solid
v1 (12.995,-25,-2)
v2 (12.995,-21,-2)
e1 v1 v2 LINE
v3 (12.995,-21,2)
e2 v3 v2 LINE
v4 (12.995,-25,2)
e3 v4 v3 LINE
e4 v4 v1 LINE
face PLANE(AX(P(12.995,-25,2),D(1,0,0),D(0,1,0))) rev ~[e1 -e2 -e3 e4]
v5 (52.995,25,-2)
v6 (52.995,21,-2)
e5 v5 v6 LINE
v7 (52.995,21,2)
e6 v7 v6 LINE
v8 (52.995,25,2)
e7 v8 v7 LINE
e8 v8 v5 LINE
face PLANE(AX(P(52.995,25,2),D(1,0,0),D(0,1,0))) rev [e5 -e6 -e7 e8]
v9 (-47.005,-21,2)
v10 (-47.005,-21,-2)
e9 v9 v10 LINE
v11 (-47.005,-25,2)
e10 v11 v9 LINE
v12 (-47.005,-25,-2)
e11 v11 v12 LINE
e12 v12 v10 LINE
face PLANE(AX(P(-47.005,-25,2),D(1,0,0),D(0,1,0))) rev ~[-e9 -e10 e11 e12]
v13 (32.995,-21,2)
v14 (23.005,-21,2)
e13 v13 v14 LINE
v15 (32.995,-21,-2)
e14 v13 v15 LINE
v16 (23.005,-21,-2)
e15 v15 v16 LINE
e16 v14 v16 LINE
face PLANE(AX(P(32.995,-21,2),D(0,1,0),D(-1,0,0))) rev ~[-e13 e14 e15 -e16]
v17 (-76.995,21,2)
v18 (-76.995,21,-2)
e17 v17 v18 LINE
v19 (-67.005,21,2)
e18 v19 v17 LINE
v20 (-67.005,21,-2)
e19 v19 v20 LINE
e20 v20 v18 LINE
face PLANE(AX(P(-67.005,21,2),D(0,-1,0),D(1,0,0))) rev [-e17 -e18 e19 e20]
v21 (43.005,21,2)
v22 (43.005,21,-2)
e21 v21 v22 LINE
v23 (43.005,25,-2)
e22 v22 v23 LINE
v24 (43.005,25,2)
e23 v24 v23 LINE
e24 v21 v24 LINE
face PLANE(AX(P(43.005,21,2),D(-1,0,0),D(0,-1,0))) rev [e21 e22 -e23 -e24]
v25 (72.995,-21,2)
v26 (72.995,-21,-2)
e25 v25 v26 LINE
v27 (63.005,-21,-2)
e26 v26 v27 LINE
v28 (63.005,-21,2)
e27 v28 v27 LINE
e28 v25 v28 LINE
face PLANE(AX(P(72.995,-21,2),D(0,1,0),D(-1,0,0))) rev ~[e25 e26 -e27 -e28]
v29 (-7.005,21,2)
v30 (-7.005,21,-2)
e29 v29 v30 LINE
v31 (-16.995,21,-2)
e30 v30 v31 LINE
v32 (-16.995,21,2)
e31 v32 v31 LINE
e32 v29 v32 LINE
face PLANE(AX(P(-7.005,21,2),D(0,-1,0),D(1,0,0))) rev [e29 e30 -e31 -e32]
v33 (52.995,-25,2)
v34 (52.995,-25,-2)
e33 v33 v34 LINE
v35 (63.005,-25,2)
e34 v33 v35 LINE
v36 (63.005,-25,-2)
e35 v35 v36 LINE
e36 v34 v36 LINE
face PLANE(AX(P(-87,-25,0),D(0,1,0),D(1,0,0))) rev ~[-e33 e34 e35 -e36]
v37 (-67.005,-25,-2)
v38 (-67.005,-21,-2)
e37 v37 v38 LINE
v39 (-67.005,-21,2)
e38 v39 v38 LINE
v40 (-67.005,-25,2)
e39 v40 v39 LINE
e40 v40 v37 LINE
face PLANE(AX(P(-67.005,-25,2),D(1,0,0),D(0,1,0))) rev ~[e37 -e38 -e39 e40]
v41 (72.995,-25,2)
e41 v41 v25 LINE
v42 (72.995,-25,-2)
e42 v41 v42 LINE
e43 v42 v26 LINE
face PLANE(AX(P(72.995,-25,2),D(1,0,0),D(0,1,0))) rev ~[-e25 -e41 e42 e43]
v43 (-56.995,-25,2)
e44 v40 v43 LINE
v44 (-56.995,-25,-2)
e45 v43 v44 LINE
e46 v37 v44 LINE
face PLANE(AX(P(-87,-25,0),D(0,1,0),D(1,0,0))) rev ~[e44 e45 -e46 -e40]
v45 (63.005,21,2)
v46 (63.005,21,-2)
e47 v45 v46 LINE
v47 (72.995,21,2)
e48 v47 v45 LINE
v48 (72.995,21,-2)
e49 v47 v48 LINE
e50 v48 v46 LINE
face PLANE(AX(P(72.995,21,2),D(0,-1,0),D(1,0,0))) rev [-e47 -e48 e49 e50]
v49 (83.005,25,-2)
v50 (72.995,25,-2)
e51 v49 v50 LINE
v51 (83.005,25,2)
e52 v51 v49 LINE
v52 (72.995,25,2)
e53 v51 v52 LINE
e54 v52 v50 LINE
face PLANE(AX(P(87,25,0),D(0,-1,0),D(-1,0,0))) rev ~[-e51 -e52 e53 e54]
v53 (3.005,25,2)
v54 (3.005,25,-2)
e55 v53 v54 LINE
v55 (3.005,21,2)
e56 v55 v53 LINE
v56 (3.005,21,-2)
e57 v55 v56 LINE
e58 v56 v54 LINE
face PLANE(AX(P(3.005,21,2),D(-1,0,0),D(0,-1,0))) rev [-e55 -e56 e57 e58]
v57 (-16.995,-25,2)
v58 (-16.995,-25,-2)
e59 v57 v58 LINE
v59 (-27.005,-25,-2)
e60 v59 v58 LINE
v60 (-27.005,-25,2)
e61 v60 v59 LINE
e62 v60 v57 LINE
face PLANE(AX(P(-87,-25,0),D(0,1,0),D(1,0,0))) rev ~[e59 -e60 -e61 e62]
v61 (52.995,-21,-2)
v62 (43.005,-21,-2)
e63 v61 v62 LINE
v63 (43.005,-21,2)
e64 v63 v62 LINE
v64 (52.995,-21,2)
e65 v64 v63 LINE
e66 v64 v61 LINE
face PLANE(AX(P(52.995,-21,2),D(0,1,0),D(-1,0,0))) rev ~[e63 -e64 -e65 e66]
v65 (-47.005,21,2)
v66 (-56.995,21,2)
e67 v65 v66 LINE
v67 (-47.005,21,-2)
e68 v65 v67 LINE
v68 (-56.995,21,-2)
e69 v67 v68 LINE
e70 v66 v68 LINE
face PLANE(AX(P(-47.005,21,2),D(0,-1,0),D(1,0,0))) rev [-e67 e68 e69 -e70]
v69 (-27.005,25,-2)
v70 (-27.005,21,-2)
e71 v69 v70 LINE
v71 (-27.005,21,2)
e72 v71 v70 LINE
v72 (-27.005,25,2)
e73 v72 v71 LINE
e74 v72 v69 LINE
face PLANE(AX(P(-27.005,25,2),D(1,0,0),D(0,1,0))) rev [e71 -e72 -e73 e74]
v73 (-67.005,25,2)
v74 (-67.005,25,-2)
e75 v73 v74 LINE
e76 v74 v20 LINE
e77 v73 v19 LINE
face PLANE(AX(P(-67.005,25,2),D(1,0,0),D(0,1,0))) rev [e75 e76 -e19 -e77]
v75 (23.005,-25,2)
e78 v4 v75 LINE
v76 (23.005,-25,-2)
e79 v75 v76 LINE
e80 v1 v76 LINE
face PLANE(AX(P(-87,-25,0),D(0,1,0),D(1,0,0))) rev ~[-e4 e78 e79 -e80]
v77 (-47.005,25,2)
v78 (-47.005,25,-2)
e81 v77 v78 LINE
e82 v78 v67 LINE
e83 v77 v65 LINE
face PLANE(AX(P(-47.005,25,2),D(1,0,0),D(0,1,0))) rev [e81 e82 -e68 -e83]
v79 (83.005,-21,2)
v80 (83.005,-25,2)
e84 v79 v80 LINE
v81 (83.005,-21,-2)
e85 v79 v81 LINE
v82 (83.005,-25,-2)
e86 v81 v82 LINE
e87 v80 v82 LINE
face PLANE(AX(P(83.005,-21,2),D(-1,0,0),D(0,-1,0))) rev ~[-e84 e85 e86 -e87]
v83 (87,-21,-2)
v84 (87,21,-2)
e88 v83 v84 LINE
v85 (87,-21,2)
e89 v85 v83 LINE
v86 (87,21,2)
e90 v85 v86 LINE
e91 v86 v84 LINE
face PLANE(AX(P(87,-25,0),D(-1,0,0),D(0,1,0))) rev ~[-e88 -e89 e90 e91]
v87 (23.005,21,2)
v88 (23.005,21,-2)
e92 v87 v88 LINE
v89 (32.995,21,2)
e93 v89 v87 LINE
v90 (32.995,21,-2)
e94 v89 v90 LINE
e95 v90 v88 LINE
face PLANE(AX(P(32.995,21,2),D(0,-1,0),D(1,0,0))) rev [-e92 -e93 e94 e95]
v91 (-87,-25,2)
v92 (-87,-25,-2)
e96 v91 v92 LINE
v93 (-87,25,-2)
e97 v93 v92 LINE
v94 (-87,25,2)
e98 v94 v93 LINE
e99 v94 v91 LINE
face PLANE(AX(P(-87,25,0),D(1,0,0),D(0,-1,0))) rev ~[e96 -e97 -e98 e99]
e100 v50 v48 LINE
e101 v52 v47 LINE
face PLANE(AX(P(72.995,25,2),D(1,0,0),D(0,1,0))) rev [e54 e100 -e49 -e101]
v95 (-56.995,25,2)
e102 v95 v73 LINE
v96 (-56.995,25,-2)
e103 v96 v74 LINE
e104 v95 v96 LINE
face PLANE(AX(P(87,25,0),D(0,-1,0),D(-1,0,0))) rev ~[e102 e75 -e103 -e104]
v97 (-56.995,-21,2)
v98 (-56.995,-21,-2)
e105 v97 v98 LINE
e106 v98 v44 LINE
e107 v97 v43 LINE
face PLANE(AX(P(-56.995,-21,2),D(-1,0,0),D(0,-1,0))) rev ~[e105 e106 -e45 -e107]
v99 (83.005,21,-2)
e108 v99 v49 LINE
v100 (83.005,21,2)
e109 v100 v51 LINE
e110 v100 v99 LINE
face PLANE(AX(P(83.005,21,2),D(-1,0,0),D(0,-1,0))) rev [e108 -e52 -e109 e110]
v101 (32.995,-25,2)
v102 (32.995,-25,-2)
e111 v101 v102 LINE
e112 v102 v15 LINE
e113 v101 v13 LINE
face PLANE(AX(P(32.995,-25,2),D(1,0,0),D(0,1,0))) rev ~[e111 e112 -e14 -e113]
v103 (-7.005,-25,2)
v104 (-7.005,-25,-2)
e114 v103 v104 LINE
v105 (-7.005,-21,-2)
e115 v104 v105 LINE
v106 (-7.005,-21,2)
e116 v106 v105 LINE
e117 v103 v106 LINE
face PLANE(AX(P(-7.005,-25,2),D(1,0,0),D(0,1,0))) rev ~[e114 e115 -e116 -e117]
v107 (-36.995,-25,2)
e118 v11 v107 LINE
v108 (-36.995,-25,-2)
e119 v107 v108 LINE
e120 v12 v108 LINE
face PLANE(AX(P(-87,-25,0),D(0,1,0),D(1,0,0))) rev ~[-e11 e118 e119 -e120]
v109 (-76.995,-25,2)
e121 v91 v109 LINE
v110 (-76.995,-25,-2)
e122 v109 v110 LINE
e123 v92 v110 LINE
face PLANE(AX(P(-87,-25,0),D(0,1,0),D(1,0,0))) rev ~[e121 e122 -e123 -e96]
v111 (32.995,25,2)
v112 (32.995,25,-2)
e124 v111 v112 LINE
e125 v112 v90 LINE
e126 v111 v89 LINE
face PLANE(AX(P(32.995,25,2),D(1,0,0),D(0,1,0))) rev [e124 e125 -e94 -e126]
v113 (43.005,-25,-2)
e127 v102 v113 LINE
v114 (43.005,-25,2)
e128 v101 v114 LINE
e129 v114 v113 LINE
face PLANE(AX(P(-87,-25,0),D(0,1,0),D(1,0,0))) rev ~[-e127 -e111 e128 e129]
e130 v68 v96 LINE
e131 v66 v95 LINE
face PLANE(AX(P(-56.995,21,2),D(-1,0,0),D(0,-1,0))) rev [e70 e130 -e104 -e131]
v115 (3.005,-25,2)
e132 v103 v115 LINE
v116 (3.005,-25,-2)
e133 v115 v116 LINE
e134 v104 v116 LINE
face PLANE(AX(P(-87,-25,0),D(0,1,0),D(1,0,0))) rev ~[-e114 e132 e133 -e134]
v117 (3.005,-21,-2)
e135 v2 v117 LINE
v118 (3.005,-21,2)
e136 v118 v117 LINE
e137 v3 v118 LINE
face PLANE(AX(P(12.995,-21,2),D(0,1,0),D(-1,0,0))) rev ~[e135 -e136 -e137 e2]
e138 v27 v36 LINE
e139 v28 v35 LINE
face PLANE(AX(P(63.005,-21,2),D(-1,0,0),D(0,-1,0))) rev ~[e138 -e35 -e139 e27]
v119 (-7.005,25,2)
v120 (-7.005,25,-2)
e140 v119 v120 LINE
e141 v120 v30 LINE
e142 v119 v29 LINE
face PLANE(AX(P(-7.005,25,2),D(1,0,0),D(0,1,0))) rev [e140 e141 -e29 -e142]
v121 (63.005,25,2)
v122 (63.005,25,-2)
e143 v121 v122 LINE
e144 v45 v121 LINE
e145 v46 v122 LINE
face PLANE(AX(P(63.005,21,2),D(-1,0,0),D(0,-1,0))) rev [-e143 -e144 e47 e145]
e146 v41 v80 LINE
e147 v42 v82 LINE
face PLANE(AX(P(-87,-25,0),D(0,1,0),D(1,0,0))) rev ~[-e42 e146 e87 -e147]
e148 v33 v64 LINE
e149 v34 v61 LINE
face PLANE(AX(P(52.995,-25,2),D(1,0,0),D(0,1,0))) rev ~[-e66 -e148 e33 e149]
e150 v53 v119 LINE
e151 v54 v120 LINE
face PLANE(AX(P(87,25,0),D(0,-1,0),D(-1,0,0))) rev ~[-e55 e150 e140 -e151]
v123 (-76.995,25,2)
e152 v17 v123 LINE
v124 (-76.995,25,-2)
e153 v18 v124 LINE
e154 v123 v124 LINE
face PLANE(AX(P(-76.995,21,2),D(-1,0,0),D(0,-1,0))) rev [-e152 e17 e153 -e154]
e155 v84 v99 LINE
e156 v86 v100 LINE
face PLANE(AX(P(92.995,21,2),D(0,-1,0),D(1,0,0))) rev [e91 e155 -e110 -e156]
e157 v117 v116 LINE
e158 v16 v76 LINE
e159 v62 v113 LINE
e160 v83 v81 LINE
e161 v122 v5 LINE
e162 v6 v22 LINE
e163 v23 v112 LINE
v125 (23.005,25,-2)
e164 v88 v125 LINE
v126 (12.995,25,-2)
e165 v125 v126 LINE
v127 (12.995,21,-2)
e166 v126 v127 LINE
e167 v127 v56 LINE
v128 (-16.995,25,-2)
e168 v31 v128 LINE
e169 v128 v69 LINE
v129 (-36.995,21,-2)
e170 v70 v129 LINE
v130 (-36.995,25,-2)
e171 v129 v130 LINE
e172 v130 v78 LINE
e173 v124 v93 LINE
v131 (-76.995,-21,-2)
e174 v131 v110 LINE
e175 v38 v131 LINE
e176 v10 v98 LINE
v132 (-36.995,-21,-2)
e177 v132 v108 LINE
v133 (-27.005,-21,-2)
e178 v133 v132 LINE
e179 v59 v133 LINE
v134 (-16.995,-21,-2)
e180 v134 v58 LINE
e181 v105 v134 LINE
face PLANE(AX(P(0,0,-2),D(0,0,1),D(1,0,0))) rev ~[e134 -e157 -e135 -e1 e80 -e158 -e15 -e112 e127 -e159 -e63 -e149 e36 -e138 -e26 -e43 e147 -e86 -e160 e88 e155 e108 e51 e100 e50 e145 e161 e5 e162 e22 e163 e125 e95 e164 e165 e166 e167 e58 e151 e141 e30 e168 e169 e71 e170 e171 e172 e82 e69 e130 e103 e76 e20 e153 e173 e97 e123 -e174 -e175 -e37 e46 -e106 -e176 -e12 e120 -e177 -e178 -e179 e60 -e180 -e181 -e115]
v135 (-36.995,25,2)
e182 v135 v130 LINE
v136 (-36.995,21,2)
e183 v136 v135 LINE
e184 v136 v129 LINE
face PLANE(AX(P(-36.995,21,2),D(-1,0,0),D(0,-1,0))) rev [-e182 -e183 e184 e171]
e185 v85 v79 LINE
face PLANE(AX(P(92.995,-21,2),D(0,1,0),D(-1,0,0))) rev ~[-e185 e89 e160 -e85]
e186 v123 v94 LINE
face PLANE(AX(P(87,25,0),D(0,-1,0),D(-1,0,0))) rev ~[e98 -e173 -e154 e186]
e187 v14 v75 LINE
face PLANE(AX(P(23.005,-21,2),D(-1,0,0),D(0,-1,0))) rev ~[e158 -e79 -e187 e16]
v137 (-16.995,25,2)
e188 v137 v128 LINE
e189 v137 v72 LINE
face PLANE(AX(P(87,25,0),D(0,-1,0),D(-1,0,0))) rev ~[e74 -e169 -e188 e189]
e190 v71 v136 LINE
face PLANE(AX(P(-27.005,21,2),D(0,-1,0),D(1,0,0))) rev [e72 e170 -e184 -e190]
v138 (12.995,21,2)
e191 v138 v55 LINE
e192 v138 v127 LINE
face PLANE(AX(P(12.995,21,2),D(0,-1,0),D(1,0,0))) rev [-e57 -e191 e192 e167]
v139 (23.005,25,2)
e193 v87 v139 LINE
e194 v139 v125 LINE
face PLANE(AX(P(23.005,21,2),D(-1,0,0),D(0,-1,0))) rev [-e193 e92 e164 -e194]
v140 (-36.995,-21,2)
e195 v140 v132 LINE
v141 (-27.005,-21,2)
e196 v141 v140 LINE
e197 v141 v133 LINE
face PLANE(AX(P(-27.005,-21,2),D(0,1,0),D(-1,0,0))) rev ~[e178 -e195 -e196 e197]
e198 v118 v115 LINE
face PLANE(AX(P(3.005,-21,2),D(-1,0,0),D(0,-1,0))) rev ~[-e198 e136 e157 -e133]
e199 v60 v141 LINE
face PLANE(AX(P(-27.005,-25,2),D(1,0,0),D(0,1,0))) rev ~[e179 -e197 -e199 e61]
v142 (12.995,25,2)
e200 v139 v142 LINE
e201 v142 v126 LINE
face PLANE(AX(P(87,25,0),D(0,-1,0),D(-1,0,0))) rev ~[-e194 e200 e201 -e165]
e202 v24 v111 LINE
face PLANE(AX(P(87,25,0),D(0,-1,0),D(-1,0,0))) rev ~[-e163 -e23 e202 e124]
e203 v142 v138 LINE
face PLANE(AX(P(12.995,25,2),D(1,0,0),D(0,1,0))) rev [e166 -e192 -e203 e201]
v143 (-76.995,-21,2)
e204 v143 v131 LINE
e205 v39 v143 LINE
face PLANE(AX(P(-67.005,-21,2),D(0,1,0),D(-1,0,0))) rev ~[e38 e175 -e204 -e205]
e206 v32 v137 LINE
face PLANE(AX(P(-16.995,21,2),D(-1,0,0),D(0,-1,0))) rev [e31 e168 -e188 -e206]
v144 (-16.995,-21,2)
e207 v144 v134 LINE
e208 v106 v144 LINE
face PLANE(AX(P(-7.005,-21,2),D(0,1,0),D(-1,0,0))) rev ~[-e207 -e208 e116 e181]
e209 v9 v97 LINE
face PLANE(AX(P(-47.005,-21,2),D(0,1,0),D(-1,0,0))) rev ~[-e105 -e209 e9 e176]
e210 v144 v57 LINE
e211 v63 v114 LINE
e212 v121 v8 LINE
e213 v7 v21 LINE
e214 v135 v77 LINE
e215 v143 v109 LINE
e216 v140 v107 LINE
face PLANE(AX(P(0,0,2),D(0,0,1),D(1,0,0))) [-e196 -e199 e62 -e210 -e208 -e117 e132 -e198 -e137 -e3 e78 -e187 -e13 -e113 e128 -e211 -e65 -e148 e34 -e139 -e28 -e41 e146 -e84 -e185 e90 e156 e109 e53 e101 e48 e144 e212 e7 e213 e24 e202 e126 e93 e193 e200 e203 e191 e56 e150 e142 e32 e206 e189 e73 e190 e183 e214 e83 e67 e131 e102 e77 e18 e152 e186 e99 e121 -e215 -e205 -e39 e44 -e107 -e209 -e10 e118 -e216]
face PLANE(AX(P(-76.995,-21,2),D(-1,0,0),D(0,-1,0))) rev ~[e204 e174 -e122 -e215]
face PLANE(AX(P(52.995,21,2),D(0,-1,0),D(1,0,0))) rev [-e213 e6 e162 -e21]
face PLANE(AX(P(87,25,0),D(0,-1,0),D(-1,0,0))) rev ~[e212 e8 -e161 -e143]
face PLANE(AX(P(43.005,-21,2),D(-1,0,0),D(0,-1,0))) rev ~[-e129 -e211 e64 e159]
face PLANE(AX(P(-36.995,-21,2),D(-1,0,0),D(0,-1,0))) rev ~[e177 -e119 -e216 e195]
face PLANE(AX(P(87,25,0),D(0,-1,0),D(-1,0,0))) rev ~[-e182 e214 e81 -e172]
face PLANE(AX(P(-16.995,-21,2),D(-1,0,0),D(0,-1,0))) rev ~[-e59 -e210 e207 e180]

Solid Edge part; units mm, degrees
sketch "Sketch1" plane through (0, 0, 0) normal (0, 0, 1) x (1, 0, 0)
  line L0 (-87, -25) -> (87, -25)
  line L1 (87, -25) -> (87, 25)
  line L2 (87, 25) -> (-87, 25)
  line L3 (-87, 25) -> (-87, -25)
  dimension "D1" = 50
  dimension "D2" = 174
extrude "Protrusion1" add sketch "Sketch1" along normal mid plane 4
sketch "Sketch2" plane through (0, 0, 2) normal (0, 0, 1) x (1, 0, 0)
  line L0 (-56.995, -25) -> (-47.005, -25)
  line L1 (-47.005, -25) -> (-47.005, -21)
  line L2 (-47.005, -21) -> (-56.995, -21)
  line L3 (-56.995, -21) -> (-56.995, -25)
  line L4 (-36.995, -25) -> (-27.005, -25)
  line L5 (-27.005, -25) -> (-27.005, -21)
  line L6 (-27.005, -21) -> (-36.995, -21)
  line L7 (-36.995, -21) -> (-36.995, -25)
  line L8 (-16.995, -25) -> (-7.005, -25)
  line L9 (-7.005, -25) -> (-7.005, -21)
  line L10 (-7.005, -21) -> (-16.995, -21)
  line L11 (-16.995, -21) -> (-16.995, -25)
  line L12 (3.005, -25) -> (12.995, -25)
  line L13 (12.995, -25) -> (12.995, -21)
  line L14 (12.995, -21) -> (3.005, -21)
  line L15 (3.005, -21) -> (3.005, -25)
  line L16 (23.005, -25) -> (32.995, -25)
  line L17 (32.995, -25) -> (32.995, -21)
  line L18 (32.995, -21) -> (23.005, -21)
  line L19 (23.005, -21) -> (23.005, -25)
  line L20 (43.005, -25) -> (52.995, -25)
  line L21 (52.995, -25) -> (52.995, -21)
  line L22 (52.995, -21) -> (43.005, -21)
  line L23 (43.005, -21) -> (43.005, -25)
  line L24 (63.005, -25) -> (72.995, -25)
  line L25 (72.995, -25) -> (72.995, -21)
  line L26 (72.995, -21) -> (63.005, -21)
  line L27 (63.005, -21) -> (63.005, -25)
  line L28 (83.005, -25) -> (92.995, -25)
  line L29 (92.995, -25) -> (92.995, -21)
  line L30 (92.995, -21) -> (83.005, -21)
  line L31 (83.005, -21) -> (83.005, -25)
  line L32 (-76.995, -25) -> (-67.005, -25)
  line L33 (-67.005, -25) -> (-67.005, -21)
  line L34 (-67.005, -21) -> (-76.995, -21)
  line L35 (-76.995, -21) -> (-76.995, -25)
  dimension "D1" = 9.99
  dimension "D2" = 4
  dimension "D3" = 9.99
  dimension "D4" = 9.99
  dimension "D5" = 9.99
  dimension "D6" = 9.99
  dimension "D7" = 9.99
  dimension "D8" = 9.99
  dimension "D9" = 9.99
  dimension "D10" = 9.99
  dimension "D11" = 4
  dimension "D12" = 4
  dimension "D13" = 4
  dimension "D14" = 4
  dimension "D15" = 4
  dimension "D16" = 4
  dimension "D17" = 4
  dimension "D18" = 4
  dimension "D19" = 15
  dimension "D20" = 20
  dimension "D21" = 20
  dimension "D22" = 20
  dimension "D23" = 20
  dimension "D24" = 20
  dimension "D25" = 20
  dimension "D26" = 20
  dimension "D27" = 20
extrude "Extrusionsausschnitt_1" cut sketch "Sketch2" against normal blind 32
mirror "Mirror1" about plane through (0, 0, 0) normal (0, -1, 0) of "Extrusionsausschnitt_1"
properties material "Holz, Kiefer"
